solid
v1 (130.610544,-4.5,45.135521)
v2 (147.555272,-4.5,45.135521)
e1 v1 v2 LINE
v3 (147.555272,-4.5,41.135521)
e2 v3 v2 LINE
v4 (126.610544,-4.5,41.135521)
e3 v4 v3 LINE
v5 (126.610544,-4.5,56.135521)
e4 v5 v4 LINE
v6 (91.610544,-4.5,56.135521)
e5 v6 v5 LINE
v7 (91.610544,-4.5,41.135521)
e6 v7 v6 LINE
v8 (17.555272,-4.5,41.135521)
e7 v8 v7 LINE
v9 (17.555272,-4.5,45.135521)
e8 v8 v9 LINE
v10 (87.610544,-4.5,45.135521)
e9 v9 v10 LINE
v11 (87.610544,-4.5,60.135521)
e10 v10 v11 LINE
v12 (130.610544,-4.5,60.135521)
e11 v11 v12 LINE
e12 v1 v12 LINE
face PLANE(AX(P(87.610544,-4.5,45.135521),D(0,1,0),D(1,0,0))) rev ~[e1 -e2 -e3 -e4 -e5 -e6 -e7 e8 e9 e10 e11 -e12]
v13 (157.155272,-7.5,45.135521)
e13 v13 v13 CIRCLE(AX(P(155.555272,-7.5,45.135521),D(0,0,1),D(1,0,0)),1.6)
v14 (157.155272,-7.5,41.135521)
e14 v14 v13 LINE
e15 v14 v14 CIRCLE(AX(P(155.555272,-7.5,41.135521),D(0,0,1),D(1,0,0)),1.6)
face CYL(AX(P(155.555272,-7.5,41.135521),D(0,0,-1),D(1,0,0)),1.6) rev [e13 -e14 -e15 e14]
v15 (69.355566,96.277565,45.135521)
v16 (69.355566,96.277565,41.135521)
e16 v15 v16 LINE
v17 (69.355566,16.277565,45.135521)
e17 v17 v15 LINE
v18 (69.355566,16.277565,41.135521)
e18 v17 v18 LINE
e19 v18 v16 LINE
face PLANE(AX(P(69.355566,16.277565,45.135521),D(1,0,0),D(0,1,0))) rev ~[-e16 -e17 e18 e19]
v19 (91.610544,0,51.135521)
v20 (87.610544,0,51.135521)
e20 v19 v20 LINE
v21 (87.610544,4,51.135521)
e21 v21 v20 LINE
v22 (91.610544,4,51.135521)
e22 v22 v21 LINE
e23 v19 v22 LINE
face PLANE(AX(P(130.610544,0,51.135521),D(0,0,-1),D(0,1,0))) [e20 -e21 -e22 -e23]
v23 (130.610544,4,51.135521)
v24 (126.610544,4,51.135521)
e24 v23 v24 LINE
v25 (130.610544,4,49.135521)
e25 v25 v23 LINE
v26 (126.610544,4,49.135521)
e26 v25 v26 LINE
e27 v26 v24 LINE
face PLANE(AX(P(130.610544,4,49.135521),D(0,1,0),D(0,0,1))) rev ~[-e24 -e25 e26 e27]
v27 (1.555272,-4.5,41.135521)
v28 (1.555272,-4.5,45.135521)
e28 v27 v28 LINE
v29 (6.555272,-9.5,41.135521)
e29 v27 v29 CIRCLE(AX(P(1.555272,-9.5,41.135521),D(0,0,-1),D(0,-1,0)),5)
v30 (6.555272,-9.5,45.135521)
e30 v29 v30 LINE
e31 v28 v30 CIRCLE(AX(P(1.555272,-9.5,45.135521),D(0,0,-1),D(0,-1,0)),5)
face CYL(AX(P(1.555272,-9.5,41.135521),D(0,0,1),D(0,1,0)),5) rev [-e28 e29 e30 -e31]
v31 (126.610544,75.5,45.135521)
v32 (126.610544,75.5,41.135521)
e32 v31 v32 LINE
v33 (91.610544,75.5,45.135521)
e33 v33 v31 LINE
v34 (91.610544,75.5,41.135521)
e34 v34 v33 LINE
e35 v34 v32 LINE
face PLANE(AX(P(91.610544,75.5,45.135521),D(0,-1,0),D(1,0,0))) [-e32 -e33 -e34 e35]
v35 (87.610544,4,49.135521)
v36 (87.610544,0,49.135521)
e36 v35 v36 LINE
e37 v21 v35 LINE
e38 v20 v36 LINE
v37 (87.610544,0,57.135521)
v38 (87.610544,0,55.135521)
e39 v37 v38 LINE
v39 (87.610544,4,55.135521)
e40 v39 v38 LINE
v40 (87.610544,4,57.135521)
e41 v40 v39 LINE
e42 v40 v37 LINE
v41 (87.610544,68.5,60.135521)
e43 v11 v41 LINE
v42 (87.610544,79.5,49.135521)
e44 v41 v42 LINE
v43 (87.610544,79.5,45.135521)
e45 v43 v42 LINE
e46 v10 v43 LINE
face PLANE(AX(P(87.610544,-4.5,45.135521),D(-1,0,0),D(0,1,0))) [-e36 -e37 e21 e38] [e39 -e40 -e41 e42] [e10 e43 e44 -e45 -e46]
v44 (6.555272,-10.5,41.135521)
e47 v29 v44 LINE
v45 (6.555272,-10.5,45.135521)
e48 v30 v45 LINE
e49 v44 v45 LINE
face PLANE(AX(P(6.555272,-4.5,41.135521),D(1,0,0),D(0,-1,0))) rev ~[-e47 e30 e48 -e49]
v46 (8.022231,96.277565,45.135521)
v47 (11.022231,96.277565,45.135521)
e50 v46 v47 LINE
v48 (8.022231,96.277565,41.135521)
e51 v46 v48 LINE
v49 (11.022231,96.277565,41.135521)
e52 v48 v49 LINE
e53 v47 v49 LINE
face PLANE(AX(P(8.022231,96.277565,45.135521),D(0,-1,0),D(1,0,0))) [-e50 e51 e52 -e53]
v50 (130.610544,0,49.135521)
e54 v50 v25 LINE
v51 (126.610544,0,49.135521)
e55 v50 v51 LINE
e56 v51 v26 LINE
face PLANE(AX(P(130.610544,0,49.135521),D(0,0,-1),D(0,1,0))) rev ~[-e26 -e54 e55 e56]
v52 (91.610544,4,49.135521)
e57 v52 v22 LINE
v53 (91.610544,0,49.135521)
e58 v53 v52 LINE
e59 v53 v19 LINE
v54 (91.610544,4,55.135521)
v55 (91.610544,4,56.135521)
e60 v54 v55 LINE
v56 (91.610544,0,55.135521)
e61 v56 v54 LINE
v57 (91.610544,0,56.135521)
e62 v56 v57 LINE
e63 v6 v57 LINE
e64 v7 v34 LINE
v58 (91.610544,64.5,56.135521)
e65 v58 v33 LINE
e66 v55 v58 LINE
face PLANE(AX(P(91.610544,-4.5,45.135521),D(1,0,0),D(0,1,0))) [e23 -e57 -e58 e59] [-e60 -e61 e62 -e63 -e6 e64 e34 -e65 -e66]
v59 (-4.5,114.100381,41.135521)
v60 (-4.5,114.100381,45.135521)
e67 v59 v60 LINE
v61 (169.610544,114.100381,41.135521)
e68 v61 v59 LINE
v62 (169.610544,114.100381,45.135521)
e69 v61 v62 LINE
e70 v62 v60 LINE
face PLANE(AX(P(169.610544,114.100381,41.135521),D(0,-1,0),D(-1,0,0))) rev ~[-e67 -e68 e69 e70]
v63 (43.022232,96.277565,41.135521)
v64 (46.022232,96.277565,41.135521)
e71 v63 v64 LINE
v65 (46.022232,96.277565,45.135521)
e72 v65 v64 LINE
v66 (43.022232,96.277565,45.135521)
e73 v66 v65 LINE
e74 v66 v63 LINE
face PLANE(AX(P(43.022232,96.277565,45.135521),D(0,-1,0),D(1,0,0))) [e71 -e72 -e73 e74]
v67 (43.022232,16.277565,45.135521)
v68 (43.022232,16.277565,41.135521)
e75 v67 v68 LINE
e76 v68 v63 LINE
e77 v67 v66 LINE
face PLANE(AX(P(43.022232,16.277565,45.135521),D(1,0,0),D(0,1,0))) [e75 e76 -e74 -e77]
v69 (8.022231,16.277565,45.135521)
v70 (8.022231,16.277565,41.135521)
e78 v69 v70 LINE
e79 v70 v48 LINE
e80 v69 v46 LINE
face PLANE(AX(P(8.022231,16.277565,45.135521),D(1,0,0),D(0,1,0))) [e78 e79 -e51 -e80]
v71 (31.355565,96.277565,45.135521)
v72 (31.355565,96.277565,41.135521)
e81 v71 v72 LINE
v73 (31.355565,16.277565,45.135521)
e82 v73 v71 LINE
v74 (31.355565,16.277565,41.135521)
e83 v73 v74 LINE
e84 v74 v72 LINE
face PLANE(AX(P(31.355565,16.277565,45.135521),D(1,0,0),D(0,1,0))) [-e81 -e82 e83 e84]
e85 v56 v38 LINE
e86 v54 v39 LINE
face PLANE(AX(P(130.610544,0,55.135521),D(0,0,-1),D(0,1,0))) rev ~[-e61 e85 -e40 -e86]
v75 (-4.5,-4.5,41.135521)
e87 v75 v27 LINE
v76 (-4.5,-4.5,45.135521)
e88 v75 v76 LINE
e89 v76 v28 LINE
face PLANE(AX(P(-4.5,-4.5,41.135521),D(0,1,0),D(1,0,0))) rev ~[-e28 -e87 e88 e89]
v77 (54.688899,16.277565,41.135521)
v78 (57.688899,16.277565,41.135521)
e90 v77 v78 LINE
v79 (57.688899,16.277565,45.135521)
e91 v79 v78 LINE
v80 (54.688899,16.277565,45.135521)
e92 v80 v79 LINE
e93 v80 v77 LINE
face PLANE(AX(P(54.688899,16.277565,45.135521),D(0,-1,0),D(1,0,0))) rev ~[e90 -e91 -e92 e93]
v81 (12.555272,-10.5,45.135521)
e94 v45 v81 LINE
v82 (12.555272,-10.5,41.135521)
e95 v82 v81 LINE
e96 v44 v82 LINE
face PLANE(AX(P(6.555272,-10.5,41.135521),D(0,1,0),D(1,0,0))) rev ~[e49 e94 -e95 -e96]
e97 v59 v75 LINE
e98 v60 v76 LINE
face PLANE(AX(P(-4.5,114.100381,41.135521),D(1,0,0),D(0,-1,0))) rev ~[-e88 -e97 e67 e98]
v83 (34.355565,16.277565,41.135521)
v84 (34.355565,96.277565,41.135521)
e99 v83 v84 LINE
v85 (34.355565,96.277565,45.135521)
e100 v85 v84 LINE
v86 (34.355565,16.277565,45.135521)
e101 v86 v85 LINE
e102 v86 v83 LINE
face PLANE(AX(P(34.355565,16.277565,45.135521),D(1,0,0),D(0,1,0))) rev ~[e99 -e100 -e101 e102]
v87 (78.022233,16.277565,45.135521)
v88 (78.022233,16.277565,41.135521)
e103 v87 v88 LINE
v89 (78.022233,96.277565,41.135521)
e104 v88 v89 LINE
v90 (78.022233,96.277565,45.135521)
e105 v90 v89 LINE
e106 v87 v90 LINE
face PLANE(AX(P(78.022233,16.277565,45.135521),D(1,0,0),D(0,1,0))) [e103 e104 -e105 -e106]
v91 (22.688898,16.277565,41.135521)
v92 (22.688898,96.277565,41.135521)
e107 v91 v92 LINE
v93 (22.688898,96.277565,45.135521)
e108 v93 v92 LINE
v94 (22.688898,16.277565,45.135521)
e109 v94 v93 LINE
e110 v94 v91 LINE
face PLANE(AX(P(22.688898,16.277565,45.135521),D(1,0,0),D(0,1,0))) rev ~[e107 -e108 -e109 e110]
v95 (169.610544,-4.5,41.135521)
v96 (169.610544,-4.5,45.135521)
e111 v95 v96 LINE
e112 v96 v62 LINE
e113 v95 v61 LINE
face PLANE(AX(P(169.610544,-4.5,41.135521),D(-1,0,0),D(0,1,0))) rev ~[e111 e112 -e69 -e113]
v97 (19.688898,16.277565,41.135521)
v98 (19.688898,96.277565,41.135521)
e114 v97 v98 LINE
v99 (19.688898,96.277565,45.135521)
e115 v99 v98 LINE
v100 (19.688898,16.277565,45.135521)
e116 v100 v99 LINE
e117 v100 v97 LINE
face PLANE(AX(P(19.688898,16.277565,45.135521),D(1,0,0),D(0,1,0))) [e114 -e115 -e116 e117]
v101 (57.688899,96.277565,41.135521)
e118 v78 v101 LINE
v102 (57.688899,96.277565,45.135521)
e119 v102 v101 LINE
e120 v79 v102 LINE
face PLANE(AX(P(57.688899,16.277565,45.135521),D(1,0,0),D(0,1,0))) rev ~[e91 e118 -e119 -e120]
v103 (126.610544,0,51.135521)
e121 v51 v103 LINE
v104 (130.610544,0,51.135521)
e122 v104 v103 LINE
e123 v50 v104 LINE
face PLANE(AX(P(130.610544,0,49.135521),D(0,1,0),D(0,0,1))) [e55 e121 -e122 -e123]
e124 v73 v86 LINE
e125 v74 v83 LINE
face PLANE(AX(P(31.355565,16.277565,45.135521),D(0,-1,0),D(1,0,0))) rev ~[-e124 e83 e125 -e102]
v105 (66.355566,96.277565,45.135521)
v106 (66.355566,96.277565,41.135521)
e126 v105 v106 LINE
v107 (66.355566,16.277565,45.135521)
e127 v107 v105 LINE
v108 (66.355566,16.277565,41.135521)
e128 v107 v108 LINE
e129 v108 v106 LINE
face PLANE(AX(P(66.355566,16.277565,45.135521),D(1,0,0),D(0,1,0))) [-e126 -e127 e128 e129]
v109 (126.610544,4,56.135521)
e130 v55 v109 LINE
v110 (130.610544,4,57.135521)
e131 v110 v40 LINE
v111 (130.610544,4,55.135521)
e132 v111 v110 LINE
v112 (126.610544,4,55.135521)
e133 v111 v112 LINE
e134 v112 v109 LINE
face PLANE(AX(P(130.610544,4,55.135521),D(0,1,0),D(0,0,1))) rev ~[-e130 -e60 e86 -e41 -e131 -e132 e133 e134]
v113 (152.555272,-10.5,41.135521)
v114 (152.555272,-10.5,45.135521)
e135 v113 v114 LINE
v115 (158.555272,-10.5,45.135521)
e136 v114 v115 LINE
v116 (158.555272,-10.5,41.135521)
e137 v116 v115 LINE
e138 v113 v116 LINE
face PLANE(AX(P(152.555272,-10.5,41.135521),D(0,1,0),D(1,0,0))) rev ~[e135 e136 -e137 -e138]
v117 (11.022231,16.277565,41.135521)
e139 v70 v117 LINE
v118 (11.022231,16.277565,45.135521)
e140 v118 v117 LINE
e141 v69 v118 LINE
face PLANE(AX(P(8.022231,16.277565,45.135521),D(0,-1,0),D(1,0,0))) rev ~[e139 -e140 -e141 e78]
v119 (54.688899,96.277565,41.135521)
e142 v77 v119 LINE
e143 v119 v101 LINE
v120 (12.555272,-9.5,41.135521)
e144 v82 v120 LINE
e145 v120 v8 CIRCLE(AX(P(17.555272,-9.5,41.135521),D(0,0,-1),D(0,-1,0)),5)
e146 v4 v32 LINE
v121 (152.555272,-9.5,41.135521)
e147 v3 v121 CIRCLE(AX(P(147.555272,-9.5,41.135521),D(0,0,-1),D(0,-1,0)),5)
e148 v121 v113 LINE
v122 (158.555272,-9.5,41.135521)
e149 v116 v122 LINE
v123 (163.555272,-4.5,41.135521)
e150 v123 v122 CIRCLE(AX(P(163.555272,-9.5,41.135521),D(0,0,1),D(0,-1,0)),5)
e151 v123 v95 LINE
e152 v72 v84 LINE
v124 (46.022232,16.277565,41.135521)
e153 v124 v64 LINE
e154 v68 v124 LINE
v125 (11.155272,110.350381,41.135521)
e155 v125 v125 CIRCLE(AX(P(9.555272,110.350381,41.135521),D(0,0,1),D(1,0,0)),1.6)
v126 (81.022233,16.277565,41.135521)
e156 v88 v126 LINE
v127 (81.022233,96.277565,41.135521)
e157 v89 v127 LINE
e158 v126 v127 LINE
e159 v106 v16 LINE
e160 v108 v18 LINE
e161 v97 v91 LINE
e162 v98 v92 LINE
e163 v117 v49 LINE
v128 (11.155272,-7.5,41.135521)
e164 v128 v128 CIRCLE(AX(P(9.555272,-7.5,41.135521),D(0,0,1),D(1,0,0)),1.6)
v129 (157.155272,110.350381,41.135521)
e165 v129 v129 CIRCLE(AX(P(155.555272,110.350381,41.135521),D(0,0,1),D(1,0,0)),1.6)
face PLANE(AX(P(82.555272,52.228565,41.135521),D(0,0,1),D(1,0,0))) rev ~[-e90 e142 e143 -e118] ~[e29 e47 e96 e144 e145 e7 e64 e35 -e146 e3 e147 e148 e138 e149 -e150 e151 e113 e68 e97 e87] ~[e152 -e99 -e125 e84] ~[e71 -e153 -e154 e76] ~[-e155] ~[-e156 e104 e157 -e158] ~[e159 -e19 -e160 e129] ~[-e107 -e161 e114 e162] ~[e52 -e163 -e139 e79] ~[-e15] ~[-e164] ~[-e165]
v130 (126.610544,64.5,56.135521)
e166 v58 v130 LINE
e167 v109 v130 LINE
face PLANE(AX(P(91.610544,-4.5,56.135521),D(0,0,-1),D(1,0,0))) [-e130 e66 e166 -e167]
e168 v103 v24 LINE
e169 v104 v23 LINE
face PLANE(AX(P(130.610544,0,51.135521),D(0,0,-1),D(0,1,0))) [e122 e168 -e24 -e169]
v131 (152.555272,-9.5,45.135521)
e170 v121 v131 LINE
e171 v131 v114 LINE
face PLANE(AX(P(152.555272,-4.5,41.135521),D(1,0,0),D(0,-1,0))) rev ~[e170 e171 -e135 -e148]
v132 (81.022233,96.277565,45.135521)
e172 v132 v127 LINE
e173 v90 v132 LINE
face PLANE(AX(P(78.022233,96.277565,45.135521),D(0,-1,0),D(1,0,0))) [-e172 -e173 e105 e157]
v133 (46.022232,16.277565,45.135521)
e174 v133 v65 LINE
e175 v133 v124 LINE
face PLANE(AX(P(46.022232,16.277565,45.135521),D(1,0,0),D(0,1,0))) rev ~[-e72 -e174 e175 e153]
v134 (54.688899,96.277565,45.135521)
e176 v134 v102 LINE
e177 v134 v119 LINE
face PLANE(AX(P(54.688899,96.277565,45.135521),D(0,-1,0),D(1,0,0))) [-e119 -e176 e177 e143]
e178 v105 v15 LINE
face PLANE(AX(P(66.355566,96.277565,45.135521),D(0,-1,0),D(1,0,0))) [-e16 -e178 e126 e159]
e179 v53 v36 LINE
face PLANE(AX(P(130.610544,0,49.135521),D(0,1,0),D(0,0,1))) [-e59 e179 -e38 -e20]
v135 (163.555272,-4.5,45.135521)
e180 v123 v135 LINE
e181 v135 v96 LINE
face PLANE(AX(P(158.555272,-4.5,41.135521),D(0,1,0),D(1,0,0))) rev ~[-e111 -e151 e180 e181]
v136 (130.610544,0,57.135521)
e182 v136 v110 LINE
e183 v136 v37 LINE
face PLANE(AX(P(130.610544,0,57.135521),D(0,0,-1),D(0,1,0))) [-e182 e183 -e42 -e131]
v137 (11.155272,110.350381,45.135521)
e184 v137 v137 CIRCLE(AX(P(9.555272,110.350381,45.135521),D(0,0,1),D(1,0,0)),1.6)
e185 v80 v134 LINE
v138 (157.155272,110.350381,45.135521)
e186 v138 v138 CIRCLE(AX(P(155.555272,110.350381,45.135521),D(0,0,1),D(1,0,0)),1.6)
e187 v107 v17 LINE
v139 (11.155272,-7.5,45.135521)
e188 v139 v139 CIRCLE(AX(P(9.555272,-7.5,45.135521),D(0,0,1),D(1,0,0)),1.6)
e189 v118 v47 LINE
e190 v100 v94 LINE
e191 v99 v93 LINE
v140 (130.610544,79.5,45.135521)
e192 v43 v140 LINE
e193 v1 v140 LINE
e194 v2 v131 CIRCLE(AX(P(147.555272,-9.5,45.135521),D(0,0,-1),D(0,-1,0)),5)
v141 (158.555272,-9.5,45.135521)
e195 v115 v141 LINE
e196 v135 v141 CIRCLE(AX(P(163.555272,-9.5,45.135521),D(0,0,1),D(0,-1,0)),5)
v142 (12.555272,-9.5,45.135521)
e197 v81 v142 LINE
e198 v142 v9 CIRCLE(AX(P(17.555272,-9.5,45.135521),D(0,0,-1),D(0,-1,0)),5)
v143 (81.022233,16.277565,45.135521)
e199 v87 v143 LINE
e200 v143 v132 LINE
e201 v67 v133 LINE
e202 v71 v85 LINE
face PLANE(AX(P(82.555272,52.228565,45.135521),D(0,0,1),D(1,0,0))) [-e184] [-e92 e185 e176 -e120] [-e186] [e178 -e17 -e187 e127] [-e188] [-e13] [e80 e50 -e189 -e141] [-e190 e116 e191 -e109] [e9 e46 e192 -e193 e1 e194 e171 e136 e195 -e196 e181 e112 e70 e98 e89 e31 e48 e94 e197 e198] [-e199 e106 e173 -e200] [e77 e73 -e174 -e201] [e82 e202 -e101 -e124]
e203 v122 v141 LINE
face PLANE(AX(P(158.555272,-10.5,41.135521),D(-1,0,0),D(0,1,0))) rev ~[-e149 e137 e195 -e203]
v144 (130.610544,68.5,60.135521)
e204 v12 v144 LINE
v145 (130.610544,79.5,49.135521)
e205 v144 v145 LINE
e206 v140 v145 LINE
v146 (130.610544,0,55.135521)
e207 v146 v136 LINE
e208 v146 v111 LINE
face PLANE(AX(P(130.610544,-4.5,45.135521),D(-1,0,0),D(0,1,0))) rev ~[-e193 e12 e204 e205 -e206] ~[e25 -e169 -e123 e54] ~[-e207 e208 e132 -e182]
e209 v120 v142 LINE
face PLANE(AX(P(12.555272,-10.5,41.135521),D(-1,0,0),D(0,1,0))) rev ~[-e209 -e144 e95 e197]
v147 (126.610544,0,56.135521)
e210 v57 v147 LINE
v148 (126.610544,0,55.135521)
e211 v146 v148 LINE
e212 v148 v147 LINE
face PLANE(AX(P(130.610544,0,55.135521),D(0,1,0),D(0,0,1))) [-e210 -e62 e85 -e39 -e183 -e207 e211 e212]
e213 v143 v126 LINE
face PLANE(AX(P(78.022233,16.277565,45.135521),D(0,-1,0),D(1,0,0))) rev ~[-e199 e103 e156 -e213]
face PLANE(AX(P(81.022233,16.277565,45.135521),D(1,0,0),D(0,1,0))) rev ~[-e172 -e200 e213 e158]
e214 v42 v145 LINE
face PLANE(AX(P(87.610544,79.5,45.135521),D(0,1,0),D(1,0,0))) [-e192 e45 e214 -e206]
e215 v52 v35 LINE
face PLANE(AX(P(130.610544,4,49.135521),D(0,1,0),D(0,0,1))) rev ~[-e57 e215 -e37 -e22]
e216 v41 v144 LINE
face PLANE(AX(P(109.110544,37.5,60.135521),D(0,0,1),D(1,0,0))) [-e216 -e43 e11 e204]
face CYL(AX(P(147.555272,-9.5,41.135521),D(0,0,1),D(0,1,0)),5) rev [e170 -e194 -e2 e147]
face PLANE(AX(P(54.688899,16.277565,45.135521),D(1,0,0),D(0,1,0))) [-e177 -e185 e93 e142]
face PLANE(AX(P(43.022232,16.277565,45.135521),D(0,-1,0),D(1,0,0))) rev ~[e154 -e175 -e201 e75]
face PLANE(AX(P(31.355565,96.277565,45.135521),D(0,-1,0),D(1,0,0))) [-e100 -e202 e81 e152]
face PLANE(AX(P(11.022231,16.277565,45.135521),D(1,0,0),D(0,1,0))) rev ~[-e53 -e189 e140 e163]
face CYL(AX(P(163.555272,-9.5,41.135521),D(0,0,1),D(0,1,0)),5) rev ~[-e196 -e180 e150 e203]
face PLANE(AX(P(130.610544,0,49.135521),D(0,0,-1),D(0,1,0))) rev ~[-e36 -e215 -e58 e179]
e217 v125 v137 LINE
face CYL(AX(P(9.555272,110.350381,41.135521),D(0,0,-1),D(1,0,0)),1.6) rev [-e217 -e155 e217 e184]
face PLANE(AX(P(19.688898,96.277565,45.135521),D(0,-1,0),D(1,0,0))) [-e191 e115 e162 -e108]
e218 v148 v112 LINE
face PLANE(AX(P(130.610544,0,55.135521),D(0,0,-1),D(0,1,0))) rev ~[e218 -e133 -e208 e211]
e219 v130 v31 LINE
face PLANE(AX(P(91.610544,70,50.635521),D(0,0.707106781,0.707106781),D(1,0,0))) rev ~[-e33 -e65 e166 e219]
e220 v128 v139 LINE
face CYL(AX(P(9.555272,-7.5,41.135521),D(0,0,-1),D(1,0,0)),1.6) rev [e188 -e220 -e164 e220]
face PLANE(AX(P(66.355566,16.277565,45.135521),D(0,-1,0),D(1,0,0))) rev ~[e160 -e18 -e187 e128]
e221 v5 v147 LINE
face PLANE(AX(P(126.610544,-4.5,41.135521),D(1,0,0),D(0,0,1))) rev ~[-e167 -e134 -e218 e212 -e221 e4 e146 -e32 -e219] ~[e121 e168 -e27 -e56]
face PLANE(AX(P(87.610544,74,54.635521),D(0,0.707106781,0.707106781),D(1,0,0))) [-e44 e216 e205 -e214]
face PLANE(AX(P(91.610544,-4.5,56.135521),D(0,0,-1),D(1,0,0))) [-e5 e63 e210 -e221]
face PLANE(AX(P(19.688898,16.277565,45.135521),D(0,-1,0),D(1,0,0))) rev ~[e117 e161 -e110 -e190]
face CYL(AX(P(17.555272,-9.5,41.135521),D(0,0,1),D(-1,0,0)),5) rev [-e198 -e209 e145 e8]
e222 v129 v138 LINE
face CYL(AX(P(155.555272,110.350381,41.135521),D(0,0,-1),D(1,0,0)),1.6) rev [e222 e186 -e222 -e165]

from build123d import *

# Parameters (mm, degrees)
SKETCH016_R            = 1.6
PAD005_DEPTH           = 4
FILLET_R               = 5
SKETCH017_W            = 35
SKETCH017_H            = 80
POCKET011_DEPTH        = 5
SKETCH018_W            = 43
SKETCH018_H            = 84
PAD006_DEPTH           = 15
SKETCH019_W            = 35
SKETCH019_H            = 15
POCKET012_DEPTH        = 80
CHAMFER002_SIZE        = 11
CHAMFER003_SIZE        = 11
SKETCH020_W            = 4
SKETCH020_H            = 2
POCKET013_DEPTH        = 135.111544
SKETCH021_W            = 3
SKETCH021_H            = 80
POCKET014_DEPTH        = 4.001
LINEARPATTERN002_COUNT = 7
LINEARPATTERN002_PITCH = 11.666667


with BuildPart() as part:
    # Sketch016 (on Face1 of ShapeBinder001) → Pad005 (new body)
    with BuildSketch(Plane.XY.offset(41.135521)):
        Polygon((-4.5, 114.100381), (-4.5, -4.5), (6.555272, -4.5), (6.555272, -10.5), (12.555272, -10.5), (12.555272, -4.5), (152.555272, -4.5), (152.555272, -10.5), (158.555272, -10.5), (158.555272, -4.5), (169.610544, -4.5), (169.610544, 114.100381), align=None)
        with Locations((9.555272, 110.350381)):
            Circle(SKETCH016_R, mode=Mode.SUBTRACT)
        with Locations((155.555272, 110.350381)):
            Circle(SKETCH016_R, mode=Mode.SUBTRACT)
        with Locations((9.555272, -7.5)):
            Circle(SKETCH016_R, mode=Mode.SUBTRACT)
        with Locations((155.555272, -7.5)):
            Circle(SKETCH016_R, mode=Mode.SUBTRACT)
    extrude(amount=PAD005_DEPTH)

    # Fillet
    fillet_edges = [part.edges().sort_by_distance(p)[0] for p in [
        (158.555272, -4.5, 43.135521),
        (152.555272, -4.5, 43.135521),
        (6.555272, -4.5, 43.135521),
        (12.555272, -4.5, 43.135521),
    ]]
    fillet(fillet_edges, radius=FILLET_R)

    # Sketch017 (on Face5 of Fillet) → Pocket011 (cut)
    with BuildSketch(Plane.XY.offset(45.135521)):
        with Locations((109.110544, 35.5)):
            Rectangle(SKETCH017_W, SKETCH017_H)
    extrude(amount=-POCKET011_DEPTH, mode=Mode.SUBTRACT)

    # Sketch018 (on Face5 of Pocket011) → Pad006 (join)
    with BuildSketch(Plane.XY.offset(45.135521)):
        with Locations((109.110544, 37.5)):
            Rectangle(SKETCH018_W, SKETCH018_H)
    extrude(amount=PAD006_DEPTH)

    # Sketch019 (on Face30 of Pad006) → Pocket012 (cut)
    with BuildSketch(Plane.XZ.offset(4.5)):
        with Locations((109.110544, 48.635521)):
            Rectangle(SKETCH019_W, SKETCH019_H)
    extrude(amount=-POCKET012_DEPTH, mode=Mode.SUBTRACT)

    # Chamfer002
    chamfer002_edges = [part.edges().sort_by_distance(p)[0] for p in [
        (109.110544, 75.5, 56.135521),
    ]]
    chamfer(chamfer002_edges, length=CHAMFER002_SIZE)

    # Chamfer003
    chamfer003_edges = [part.edges().sort_by_distance(p)[0] for p in [
        (109.110544, 79.5, 60.135521),
    ]]
    chamfer(chamfer003_edges, length=CHAMFER003_SIZE)

    # Sketch020 (on Face7 of Chamfer003) → Pocket013 (cut, through all)
    with BuildSketch(Plane.YZ.offset(130.610544)):
        with Locations((2, 56.135521)):
            Rectangle(SKETCH020_W, SKETCH020_H)
        with Locations((2, 50.135521)):
            Rectangle(SKETCH020_W, SKETCH020_H)
    extrude(amount=-POCKET013_DEPTH, mode=Mode.SUBTRACT)

    # Sketch021 (on Face4 of Pocket013) → Pocket014 (cut, through all)
    with BuildSketch(Plane.XY.offset(45.135521)):
        with Locations((9.522231, 56.277565)):
            Rectangle(SKETCH021_W, SKETCH021_H)
    pocket014 = extrude(amount=-POCKET014_DEPTH, mode=Mode.SUBTRACT)

    # LinearPattern002: Pocket014 ×7
    with Locations(*[(i * LINEARPATTERN002_PITCH, 0, 0) for i in range(1, LINEARPATTERN002_COUNT)]):
        add(pocket014, mode=Mode.SUBTRACT)


solid = part.part
